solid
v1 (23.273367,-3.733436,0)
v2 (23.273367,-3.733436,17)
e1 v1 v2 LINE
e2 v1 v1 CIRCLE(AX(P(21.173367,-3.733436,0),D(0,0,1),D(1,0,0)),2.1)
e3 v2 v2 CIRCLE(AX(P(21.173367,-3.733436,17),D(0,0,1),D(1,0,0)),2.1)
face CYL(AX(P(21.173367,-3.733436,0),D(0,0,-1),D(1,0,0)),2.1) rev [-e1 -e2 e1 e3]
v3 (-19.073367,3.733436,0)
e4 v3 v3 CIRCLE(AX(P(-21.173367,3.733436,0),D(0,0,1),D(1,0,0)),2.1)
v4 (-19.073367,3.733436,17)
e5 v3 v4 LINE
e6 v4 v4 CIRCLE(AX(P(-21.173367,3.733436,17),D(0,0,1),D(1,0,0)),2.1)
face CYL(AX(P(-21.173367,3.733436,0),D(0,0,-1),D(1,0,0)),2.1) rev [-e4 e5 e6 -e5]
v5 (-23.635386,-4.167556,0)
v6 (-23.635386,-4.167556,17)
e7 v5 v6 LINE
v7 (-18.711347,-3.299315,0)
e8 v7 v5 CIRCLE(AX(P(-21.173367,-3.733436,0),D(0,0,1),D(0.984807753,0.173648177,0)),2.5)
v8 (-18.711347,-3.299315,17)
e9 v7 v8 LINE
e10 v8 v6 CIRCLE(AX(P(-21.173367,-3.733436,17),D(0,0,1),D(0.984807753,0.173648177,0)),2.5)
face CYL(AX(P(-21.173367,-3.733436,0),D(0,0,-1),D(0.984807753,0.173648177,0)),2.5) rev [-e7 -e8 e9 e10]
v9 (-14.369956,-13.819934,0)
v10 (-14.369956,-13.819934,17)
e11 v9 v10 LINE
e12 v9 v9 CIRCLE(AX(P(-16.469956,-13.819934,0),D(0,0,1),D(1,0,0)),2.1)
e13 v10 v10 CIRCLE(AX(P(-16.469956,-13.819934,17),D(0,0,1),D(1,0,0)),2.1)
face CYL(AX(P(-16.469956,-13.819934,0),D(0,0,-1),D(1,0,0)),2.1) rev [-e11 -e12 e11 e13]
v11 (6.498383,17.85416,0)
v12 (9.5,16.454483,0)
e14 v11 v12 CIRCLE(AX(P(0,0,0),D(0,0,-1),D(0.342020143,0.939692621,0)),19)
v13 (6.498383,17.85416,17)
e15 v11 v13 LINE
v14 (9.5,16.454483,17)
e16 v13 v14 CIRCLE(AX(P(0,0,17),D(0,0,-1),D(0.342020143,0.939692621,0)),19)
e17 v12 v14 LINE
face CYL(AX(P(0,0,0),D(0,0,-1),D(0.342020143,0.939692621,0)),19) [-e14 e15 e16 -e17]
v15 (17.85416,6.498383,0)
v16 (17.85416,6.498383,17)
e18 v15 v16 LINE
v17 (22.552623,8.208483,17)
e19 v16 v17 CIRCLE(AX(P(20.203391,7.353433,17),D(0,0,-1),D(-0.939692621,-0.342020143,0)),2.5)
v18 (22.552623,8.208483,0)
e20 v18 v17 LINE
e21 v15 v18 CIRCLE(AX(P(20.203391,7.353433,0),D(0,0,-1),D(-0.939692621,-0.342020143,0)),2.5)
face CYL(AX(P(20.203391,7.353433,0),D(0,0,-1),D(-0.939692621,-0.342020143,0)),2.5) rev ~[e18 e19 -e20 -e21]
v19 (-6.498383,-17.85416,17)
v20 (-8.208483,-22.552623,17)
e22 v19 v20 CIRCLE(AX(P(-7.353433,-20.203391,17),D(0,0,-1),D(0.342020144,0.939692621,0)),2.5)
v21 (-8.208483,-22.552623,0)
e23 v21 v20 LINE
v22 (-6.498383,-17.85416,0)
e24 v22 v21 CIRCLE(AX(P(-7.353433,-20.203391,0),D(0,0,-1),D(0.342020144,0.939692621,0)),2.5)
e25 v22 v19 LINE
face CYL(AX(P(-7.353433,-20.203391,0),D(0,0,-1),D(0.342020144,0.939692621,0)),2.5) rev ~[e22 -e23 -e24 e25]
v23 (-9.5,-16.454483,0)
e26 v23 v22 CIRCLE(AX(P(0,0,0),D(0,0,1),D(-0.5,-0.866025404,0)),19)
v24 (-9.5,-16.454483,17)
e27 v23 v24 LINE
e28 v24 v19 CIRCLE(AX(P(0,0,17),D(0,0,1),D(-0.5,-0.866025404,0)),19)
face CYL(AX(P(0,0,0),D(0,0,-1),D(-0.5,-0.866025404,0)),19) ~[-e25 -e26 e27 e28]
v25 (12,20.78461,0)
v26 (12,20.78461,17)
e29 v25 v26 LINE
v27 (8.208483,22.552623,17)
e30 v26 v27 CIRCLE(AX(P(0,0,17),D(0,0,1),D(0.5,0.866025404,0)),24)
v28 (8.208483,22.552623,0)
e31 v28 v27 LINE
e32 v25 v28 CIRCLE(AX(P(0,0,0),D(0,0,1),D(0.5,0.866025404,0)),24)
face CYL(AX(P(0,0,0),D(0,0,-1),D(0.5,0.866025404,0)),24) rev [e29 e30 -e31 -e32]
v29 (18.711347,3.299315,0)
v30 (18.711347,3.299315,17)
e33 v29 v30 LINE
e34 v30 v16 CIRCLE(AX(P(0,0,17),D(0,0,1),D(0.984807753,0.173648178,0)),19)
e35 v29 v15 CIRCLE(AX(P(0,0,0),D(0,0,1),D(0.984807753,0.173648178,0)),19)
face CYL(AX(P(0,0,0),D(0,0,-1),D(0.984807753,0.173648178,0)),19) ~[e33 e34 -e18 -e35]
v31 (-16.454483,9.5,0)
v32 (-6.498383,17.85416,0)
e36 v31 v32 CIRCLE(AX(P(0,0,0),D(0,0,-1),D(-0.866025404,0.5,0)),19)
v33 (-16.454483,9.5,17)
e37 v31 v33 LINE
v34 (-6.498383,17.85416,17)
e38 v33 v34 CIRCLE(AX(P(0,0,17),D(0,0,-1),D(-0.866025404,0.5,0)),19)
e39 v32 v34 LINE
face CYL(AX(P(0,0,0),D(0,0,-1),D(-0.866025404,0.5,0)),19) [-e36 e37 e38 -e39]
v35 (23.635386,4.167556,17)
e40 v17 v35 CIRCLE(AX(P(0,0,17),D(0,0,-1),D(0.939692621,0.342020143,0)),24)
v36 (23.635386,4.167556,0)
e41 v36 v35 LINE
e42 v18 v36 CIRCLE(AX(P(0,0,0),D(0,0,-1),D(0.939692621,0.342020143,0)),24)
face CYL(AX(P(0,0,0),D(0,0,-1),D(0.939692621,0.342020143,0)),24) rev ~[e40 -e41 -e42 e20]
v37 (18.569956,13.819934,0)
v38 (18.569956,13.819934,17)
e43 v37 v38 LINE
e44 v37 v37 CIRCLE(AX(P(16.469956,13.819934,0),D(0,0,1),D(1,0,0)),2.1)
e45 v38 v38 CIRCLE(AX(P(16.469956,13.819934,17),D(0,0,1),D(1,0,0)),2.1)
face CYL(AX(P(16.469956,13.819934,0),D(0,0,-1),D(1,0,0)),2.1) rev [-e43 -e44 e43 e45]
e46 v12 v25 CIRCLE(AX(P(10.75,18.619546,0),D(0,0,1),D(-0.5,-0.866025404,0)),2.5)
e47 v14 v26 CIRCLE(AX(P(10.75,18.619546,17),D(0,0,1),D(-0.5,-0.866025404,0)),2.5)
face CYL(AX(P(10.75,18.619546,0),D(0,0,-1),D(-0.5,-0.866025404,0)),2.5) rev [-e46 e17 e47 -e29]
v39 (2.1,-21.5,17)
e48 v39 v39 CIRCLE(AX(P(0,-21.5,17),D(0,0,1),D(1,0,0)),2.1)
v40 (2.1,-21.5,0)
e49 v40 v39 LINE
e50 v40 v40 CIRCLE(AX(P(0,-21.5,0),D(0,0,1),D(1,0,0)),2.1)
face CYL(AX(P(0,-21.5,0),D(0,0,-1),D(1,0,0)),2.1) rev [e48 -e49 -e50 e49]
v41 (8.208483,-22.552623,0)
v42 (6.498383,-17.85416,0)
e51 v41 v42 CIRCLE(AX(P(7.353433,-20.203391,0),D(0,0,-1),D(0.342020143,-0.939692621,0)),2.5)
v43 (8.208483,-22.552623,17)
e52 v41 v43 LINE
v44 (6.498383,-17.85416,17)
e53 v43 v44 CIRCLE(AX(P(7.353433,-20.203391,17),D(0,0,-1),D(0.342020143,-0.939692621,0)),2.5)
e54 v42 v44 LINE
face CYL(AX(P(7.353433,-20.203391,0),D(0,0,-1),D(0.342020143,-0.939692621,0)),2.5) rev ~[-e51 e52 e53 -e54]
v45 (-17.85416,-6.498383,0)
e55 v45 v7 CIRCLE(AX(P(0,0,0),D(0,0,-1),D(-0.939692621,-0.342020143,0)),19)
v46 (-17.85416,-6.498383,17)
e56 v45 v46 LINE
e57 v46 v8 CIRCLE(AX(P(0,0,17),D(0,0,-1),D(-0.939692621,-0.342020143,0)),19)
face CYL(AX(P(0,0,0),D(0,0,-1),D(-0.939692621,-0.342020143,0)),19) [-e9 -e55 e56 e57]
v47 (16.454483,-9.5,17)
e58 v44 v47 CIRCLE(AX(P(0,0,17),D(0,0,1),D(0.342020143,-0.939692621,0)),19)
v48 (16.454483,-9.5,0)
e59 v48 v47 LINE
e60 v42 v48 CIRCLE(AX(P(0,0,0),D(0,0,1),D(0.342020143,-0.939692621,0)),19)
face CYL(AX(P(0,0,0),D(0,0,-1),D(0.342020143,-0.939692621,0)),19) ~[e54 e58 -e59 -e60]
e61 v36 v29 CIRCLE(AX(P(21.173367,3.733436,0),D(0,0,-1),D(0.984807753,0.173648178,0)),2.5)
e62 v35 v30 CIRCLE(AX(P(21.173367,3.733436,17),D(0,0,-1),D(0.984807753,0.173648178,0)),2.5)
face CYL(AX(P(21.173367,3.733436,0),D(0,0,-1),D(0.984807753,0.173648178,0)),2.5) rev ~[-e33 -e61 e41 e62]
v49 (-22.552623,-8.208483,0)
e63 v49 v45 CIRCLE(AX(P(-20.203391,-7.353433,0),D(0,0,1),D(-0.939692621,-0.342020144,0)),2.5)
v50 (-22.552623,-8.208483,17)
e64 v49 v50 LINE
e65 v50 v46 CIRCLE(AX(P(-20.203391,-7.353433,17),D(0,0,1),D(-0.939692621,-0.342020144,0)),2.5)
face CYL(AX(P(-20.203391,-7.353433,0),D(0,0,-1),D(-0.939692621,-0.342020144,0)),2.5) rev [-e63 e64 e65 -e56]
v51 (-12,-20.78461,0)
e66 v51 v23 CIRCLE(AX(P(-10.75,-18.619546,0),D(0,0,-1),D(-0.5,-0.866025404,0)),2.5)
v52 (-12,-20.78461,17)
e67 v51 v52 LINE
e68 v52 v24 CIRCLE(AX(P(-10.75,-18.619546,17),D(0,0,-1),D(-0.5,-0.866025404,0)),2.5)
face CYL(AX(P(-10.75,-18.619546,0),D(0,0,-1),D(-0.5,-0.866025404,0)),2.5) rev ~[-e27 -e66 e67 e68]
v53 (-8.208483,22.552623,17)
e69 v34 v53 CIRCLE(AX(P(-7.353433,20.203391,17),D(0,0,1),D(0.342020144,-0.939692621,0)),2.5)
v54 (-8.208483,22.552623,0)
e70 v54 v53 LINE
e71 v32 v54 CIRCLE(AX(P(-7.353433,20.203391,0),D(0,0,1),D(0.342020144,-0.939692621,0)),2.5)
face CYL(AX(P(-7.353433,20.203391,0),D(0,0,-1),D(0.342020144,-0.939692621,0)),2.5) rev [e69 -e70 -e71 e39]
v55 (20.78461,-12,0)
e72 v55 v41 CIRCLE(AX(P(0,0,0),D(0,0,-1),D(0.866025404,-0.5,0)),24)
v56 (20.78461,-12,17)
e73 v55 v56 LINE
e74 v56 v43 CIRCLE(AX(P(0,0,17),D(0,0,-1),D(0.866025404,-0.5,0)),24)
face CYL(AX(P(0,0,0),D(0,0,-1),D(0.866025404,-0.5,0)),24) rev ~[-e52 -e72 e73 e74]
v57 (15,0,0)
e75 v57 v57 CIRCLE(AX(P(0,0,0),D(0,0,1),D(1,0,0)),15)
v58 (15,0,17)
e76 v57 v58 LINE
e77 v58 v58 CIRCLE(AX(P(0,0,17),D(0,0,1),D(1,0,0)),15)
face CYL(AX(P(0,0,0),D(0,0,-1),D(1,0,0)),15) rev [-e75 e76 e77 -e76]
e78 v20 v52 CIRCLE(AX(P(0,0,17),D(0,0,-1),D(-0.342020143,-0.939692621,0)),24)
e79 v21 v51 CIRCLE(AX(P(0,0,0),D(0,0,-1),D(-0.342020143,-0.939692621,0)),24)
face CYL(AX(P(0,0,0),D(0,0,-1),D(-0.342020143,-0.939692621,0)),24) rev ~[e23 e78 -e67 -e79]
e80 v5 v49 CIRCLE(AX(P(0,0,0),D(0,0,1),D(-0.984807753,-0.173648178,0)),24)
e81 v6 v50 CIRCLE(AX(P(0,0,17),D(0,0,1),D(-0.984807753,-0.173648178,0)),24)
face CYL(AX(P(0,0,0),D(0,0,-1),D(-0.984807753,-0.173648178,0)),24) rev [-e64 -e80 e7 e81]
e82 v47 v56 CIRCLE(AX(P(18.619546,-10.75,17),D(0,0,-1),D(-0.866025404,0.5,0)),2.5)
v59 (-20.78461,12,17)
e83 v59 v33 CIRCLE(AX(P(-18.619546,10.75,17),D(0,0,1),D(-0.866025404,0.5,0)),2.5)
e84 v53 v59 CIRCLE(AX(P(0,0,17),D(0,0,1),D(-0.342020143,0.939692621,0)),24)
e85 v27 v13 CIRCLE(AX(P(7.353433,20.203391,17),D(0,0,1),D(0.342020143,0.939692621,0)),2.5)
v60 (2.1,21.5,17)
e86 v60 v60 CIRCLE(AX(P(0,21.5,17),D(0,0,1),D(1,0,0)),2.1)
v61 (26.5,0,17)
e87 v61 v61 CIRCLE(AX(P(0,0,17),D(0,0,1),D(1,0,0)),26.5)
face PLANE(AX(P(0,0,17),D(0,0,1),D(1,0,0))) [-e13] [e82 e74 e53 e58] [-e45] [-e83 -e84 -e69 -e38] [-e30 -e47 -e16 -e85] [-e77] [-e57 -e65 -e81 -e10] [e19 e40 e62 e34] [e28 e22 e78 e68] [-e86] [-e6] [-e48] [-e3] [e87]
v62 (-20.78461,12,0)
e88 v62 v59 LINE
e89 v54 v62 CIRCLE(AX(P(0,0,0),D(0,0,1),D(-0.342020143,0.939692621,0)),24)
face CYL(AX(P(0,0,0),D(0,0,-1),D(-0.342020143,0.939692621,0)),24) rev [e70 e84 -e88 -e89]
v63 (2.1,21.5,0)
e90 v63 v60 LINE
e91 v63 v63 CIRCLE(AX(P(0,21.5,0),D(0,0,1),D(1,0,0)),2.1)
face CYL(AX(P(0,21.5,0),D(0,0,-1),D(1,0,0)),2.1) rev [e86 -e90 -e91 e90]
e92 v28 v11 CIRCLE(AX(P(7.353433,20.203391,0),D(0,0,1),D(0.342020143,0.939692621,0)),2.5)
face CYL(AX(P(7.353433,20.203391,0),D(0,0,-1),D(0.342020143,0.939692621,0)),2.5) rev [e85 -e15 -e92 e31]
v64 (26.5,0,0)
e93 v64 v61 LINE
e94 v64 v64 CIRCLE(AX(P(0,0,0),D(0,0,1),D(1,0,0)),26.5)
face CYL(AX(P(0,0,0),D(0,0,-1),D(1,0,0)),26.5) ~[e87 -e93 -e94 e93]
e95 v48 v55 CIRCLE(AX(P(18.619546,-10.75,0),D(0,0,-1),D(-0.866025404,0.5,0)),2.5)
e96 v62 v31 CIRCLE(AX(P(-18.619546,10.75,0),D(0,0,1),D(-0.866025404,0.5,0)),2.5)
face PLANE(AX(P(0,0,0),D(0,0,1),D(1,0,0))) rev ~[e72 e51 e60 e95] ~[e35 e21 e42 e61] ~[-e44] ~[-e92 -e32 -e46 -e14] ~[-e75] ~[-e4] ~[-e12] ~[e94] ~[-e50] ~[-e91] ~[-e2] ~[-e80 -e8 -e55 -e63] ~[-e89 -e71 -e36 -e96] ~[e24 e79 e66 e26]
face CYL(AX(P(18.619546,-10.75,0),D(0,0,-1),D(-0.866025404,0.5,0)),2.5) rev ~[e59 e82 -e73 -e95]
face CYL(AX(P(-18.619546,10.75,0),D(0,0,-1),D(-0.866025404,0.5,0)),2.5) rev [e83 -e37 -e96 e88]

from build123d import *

# Parameters (mm, degrees)
SKETCH_1_R      = 26.5
SKETCH_1_R_2    = 15
SKETCH_1_R_3    = 2.1
EXTRUDE_1_DEPTH = 17


with BuildPart() as part:
    # 草图1 → 凸台-拉伸1 (new body)
    with BuildSketch(Plane.XY):
        Circle(SKETCH_1_R)
        Circle(SKETCH_1_R_2, mode=Mode.SUBTRACT)
        with Locations((0, 21.5)):
            Circle(SKETCH_1_R_3, mode=Mode.SUBTRACT)
        with Locations((16.469955527, 13.819933608)):
            Circle(SKETCH_1_R_3, mode=Mode.SUBTRACT)
        with Locations((21.17336669, -3.73343582)):
            Circle(SKETCH_1_R_3, mode=Mode.SUBTRACT)
        with Locations((0, -21.5)):
            Circle(SKETCH_1_R_3, mode=Mode.SUBTRACT)
        with Locations((-16.469955527, -13.819933608)):
            Circle(SKETCH_1_R_3, mode=Mode.SUBTRACT)
        with Locations((-21.17336669, 3.73343582)):
            Circle(SKETCH_1_R_3, mode=Mode.SUBTRACT)
        with BuildLine():
            ThreePointArc((-8.20848344, 22.552622899), (-15.426902632, 18.385066635), (-20.784609691, 12))
            ThreePointArc((-20.784609691, 12), (-19.869546181, 8.584936491), (-16.454482672, 9.5))
            ThreePointArc((-16.454482672, 9.5), (-12.212964584, 14.554844419), (-6.498382723, 17.854159795))
            ThreePointArc((-6.498382723, 17.854159795), (-5.00420153, 21.058441705), (-8.20848344, 22.552622899))
        make_face(mode=Mode.SUBTRACT)
        with BuildLine():
            ThreePointArc((12, 20.784609691), (10.142838282, 21.751386889), (8.20848344, 22.552622899))
            ThreePointArc((8.20848344, 22.552622899), (5.00420153, 21.058441705), (6.498382723, 17.854159795))
            ThreePointArc((6.498382723, 17.854159795), (8.029746973, 17.219847954), (9.5, 16.454482672))
            ThreePointArc((9.5, 16.454482672), (12.915063509, 17.369546181), (12, 20.784609691))
        make_face(mode=Mode.SUBTRACT)
        with BuildLine():
            ThreePointArc((18.711347307, 3.299315376), (18.352590699, 4.917561857), (17.854159795, 6.498382723))
            ThreePointArc((17.854159795, 6.498382723), (19.348340989, 9.702664633), (22.552622899, 8.20848344))
            ThreePointArc((22.552622899, 8.20848344), (23.182219831, 6.211657082), (23.635386072, 4.167556264))
            ThreePointArc((23.635386072, 4.167556264), (21.607487134, 1.271416437), (18.711347307, 3.299315376))
        make_face(mode=Mode.SUBTRACT)
        with BuildLine():
            ThreePointArc((6.498382723, -17.854159795), (12.212964584, -14.554844419), (16.454482672, -9.5))
            ThreePointArc((16.454482672, -9.5), (19.869546181, -8.584936491), (20.784609691, -12))
            ThreePointArc((20.784609691, -12), (15.426902632, -18.385066635), (8.20848344, -22.552622899))
            ThreePointArc((8.20848344, -22.552622899), (5.00420153, -21.058441705), (6.498382723, -17.854159795))
        make_face(mode=Mode.SUBTRACT)
        with BuildLine():
            ThreePointArc((-9.5, -16.454482672), (-8.029746973, -17.219847954), (-6.498382723, -17.854159795))
            ThreePointArc((-6.498382723, -17.854159795), (-5.00420153, -21.058441705), (-8.20848344, -22.552622899))
            ThreePointArc((-8.20848344, -22.552622899), (-10.142838282, -21.751386889), (-12, -20.784609691))
            ThreePointArc((-12, -20.784609691), (-12.915063509, -17.369546181), (-9.5, -16.454482672))
        make_face(mode=Mode.SUBTRACT)
        with BuildLine():
            ThreePointArc((-23.635386072, -4.167556264), (-23.182219831, -6.211657082), (-22.552622899, -8.20848344))
            ThreePointArc((-22.552622899, -8.20848344), (-19.348340989, -9.702664633), (-17.854159795, -6.498382723))
            ThreePointArc((-17.854159795, -6.498382723), (-18.352590699, -4.917561857), (-18.711347307, -3.299315376))
            ThreePointArc((-18.711347307, -3.299315376), (-21.607487134, -1.271416437), (-23.635386072, -4.167556264))
        make_face(mode=Mode.SUBTRACT)
    extrude(amount=EXTRUDE_1_DEPTH)


solid = part.part
